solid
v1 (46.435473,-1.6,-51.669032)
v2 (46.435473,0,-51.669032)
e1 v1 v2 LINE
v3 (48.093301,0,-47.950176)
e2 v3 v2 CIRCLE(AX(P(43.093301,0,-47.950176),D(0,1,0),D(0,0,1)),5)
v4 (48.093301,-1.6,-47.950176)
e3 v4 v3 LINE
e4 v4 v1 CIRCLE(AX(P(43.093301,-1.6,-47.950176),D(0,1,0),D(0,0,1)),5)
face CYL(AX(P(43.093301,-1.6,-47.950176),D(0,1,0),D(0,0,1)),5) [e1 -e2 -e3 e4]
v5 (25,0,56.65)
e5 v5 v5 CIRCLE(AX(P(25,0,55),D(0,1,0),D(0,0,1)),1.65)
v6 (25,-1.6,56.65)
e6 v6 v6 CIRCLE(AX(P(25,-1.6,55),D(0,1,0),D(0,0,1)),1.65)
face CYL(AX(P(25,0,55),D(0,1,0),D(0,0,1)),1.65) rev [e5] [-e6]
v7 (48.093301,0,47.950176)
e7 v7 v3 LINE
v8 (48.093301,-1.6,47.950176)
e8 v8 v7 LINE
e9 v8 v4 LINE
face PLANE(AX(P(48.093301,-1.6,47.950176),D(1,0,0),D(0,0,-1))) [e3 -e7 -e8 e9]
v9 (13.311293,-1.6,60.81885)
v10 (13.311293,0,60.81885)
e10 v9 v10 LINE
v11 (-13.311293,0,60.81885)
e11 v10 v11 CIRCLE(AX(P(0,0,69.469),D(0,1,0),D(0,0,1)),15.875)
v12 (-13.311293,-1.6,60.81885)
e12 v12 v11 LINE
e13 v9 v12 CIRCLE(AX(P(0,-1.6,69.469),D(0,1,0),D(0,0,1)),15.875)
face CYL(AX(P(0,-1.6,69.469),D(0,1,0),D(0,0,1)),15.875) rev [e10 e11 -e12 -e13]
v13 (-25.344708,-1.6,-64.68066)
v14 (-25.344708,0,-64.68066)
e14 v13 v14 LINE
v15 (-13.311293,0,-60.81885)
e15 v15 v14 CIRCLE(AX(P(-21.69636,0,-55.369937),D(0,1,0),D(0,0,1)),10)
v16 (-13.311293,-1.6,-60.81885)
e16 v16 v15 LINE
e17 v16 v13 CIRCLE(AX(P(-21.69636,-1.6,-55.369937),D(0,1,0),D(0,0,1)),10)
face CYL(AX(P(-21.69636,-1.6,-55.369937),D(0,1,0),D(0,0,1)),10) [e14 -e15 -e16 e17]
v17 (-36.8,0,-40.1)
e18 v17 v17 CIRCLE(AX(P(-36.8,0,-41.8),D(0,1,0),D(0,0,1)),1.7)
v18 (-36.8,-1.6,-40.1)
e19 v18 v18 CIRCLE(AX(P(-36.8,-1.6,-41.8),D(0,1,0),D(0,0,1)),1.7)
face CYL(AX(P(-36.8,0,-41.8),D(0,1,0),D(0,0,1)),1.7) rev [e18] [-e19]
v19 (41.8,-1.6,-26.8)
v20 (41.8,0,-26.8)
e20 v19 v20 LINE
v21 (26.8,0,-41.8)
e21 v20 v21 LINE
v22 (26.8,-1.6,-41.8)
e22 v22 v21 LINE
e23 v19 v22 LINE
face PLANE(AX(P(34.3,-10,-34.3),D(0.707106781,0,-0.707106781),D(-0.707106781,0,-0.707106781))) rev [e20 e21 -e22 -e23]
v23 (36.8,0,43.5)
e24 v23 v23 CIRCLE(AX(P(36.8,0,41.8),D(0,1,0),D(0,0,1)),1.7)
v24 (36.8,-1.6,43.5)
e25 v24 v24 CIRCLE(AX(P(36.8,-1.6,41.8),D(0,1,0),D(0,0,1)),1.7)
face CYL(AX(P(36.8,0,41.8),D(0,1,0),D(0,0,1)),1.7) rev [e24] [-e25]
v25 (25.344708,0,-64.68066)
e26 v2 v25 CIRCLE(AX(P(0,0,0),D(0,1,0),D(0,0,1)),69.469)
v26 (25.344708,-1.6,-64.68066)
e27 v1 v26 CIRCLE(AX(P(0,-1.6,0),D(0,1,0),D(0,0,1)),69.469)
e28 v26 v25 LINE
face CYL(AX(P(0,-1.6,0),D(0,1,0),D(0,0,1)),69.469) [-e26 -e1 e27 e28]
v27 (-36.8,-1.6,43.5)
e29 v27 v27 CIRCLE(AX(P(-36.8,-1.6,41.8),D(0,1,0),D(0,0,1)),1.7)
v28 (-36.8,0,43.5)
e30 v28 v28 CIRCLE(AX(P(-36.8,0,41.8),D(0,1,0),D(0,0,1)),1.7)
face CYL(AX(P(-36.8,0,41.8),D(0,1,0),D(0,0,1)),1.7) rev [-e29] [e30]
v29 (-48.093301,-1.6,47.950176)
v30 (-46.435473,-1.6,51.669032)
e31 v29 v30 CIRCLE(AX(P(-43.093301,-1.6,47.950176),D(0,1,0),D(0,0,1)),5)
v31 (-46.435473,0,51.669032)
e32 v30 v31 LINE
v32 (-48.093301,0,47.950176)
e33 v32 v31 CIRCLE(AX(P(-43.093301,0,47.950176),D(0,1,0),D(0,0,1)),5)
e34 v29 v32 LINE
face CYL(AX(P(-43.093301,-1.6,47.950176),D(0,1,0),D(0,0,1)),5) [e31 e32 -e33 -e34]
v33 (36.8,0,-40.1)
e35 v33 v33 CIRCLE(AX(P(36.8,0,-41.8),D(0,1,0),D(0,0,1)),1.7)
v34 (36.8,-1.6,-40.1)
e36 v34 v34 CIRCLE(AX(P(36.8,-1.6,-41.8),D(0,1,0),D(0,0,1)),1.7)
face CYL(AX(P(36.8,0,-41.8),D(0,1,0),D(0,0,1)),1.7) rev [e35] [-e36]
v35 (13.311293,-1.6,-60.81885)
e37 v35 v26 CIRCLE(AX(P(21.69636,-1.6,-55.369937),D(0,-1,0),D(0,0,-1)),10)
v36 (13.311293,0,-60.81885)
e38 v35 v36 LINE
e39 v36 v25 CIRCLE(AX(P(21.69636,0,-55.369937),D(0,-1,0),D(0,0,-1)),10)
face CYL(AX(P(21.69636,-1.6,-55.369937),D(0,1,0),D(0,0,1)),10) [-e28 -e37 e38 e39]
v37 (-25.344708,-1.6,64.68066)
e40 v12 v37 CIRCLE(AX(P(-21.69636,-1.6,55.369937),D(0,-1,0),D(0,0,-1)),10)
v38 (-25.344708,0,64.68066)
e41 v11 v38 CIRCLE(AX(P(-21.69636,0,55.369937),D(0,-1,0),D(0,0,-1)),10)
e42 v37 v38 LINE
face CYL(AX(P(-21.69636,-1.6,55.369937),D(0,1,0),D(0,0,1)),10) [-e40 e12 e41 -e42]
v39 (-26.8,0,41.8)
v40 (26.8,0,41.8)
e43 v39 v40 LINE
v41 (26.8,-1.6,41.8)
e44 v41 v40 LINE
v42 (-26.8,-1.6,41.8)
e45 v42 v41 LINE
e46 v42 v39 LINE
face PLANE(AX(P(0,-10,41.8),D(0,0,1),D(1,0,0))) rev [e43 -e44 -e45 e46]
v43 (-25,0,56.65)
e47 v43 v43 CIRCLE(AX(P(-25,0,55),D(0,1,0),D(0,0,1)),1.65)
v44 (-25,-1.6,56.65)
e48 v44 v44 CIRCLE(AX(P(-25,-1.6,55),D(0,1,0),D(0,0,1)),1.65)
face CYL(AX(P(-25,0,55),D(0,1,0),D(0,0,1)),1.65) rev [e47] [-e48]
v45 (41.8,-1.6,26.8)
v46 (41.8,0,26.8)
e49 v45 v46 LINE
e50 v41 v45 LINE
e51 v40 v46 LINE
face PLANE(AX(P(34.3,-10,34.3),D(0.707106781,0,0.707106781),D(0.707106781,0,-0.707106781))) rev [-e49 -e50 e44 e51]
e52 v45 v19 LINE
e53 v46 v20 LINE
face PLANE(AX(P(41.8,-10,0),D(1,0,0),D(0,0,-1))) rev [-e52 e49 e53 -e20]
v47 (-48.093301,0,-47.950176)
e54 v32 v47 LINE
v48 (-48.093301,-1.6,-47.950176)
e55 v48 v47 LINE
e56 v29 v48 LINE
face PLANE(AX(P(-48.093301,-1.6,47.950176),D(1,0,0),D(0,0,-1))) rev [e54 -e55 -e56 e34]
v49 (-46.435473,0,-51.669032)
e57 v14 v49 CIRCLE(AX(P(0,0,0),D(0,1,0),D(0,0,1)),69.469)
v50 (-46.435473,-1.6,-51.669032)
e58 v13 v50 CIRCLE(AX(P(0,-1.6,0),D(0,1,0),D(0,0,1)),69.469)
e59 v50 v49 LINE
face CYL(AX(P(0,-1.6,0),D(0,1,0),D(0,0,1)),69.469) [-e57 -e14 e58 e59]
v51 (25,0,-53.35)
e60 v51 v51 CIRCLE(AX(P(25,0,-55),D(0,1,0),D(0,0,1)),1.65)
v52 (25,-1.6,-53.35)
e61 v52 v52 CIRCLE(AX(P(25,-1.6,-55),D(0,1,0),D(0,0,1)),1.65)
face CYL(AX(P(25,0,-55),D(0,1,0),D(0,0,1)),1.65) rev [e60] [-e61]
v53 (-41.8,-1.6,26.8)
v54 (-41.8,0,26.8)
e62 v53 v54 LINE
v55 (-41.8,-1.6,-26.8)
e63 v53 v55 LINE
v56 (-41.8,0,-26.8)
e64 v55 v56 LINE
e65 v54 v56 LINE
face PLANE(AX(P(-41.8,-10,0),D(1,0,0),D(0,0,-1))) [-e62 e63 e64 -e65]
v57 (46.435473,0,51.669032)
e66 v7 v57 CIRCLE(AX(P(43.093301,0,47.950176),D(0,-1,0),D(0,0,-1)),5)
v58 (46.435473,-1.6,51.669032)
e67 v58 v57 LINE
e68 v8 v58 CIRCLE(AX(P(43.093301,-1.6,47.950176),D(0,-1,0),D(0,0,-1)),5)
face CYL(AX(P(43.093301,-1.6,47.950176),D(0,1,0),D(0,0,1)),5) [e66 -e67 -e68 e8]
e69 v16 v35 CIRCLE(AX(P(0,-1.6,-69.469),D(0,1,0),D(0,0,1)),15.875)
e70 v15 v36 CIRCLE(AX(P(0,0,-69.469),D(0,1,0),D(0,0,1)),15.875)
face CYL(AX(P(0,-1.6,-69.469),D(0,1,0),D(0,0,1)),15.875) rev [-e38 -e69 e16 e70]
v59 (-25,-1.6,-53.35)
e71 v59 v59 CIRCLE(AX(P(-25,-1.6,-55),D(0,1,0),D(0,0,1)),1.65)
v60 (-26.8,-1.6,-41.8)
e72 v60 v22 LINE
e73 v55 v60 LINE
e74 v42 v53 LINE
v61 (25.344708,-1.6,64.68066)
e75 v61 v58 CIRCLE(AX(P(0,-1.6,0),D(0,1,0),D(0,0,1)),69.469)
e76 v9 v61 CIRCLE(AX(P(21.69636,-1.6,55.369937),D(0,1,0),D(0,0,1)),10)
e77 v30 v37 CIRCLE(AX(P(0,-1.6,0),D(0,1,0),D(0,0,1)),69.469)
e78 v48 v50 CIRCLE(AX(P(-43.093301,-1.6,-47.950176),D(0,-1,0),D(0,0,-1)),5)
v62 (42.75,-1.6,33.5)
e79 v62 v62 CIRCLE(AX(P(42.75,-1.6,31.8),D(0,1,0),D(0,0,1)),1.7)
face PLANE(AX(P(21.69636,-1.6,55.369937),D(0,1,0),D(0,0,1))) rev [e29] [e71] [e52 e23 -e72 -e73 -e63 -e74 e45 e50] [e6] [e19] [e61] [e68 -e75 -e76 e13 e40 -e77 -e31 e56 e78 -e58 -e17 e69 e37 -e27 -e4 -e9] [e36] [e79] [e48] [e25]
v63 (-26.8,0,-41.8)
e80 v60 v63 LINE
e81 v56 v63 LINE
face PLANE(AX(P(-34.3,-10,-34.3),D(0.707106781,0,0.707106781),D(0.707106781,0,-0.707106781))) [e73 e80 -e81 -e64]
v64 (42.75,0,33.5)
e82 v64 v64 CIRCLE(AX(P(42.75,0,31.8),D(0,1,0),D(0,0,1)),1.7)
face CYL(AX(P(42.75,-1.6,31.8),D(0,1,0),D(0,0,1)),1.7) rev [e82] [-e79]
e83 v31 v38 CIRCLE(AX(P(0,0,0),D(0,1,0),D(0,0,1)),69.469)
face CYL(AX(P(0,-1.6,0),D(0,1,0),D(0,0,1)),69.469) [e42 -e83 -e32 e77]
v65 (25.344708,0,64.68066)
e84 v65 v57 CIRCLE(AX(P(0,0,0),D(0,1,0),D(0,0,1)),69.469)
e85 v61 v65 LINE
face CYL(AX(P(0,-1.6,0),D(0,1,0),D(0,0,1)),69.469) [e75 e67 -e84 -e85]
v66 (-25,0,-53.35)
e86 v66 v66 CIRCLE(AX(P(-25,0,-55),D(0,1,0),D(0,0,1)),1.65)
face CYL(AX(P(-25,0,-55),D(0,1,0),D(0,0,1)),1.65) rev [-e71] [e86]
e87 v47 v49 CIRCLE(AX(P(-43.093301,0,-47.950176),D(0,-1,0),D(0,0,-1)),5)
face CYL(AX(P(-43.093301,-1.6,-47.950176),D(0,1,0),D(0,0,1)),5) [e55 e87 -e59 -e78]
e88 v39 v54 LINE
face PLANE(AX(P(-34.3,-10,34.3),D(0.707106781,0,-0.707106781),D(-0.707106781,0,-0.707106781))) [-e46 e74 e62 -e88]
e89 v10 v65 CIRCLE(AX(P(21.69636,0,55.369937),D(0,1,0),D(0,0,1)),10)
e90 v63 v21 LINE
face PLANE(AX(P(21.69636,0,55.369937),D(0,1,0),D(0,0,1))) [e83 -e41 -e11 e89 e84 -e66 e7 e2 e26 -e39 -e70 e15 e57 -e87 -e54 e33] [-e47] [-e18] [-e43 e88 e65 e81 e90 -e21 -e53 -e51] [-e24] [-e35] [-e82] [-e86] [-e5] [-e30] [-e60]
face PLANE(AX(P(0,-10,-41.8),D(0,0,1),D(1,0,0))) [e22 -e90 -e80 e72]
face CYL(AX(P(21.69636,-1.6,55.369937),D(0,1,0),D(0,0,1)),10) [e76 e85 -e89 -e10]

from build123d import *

# Parameters (mm, degrees)
BOSS_EXTRUDE1_DEPTH                     = 1.6
ENCLOSURE_MOUNTING_HOLES_M3_CLEARANCE_D = 3.4
BULKHEAD_MOUNTING_HOLES_M4X0_7_TAPPED_D = 3.3
SKETCH14_R                              = 1.7
CUT_EXTRUDE1_DEPTH                      = 82.171141516
CUT_EXTRUDE3_DEPTH                      = 10


with BuildPart() as part:
    # Sketch1 → Boss-Extrude1 (new body)
    with BuildSketch(Plane(origin=(0, 0, 0), x_dir=(1, 0, 0), z_dir=(0, 1, 0))):
        with BuildLine():
            Line((-48.093300583, -47.950176286), (-48.093300583, 47.950176286))
            ThreePointArc((-48.093300583, 47.950176286), (-47.660075225, 49.985997832), (-46.435472835, 51.669031572))
            ThreePointArc((-46.435472835, 51.669031572), (-36.474980605, 59.122903776), (-25.344708101, 64.680659646))
            ThreePointArc((-25.344708101, 64.680659646), (-18.640624701, 64.891621686), (-13.31129345, 60.818850193))
            ThreePointArc((-13.31129345, 60.818850193), (0, 53.594), (13.31129345, 60.818850193))
            ThreePointArc((13.31129345, 60.818850193), (18.640624701, 64.891621686), (25.344708101, 64.680659646))
            ThreePointArc((25.344708101, 64.680659646), (36.474980605, 59.122903776), (46.435472835, 51.669031572))
            ThreePointArc((46.435472835, 51.669031572), (47.660075225, 49.985997832), (48.093300583, 47.950176286))
            Line((48.093300583, 47.950176286), (48.093300583, -47.950176286))
            ThreePointArc((48.093300583, -47.950176286), (47.660075225, -49.985997832), (46.435472835, -51.669031572))
            ThreePointArc((46.435472835, -51.669031572), (36.474980605, -59.122903776), (25.344708101, -64.680659646))
            ThreePointArc((25.344708101, -64.680659646), (18.640624701, -64.891621686), (13.31129345, -60.818850193))
            ThreePointArc((13.31129345, -60.818850193), (0, -53.594), (-13.31129345, -60.818850193))
            ThreePointArc((-13.31129345, -60.818850193), (-18.640624701, -64.891621686), (-25.344708101, -64.680659646))
            ThreePointArc((-25.344708101, -64.680659646), (-36.474980605, -59.122903776), (-46.435472835, -51.669031572))
            ThreePointArc((-46.435472835, -51.669031572), (-47.660075225, -49.985997832), (-48.093300583, -47.950176286))
        make_face()
    extrude(amount=-BOSS_EXTRUDE1_DEPTH)

    # Enclosure Mounting Holes - M3 Clearance Hole1 (through all)
    with Locations(Plane(origin=(0, 0, 0), x_dir=(1, 0, 0), z_dir=(0, 1, 0))):
        with Locations((-36.8, 41.8), (-36.8, -41.8), (36.8, -41.8), (36.8, 41.8)):
            Hole(ENCLOSURE_MOUNTING_HOLES_M3_CLEARANCE_D / 2)

    # Bulkhead Mounting Holes - M4x0.7 Tapped Hole1 (through all)
    with Locations(Plane(origin=(0, 0, 0), x_dir=(1, 0, 0), z_dir=(0, 1, 0))):
        with Locations((-25, 55), (25, 55), (25, -55), (-25, -55)):
            Hole(BULKHEAD_MOUNTING_HOLES_M4X0_7_TAPPED_D / 2)

    # Sketch14 → Cut-Extrude1 (cut, through all)
    with BuildSketch(Plane(origin=(0, 0, 0), x_dir=(1, 0, 0), z_dir=(0, 1, 0))):
        with Locations(Location((42.75, -31.8, 0), (0, 0, 270))):
            Circle(SKETCH14_R)
    extrude(amount=-CUT_EXTRUDE1_DEPTH, mode=Mode.SUBTRACT)

    # Sketch17 → Cut-Extrude3 (cut)
    with BuildSketch(Plane(origin=(0, 0, 0), x_dir=(1, 0, 0), z_dir=(0, 1, 0))):
        Polygon((-26.8, -41.8), (-41.8, -26.8), (-41.8, 26.8), (-26.8, 41.8), (26.8, 41.8), (41.8, 26.8), (41.8, -26.8), (26.8, -41.8), align=None)
    extrude(amount=-CUT_EXTRUDE3_DEPTH, mode=Mode.SUBTRACT)


solid = part.part
